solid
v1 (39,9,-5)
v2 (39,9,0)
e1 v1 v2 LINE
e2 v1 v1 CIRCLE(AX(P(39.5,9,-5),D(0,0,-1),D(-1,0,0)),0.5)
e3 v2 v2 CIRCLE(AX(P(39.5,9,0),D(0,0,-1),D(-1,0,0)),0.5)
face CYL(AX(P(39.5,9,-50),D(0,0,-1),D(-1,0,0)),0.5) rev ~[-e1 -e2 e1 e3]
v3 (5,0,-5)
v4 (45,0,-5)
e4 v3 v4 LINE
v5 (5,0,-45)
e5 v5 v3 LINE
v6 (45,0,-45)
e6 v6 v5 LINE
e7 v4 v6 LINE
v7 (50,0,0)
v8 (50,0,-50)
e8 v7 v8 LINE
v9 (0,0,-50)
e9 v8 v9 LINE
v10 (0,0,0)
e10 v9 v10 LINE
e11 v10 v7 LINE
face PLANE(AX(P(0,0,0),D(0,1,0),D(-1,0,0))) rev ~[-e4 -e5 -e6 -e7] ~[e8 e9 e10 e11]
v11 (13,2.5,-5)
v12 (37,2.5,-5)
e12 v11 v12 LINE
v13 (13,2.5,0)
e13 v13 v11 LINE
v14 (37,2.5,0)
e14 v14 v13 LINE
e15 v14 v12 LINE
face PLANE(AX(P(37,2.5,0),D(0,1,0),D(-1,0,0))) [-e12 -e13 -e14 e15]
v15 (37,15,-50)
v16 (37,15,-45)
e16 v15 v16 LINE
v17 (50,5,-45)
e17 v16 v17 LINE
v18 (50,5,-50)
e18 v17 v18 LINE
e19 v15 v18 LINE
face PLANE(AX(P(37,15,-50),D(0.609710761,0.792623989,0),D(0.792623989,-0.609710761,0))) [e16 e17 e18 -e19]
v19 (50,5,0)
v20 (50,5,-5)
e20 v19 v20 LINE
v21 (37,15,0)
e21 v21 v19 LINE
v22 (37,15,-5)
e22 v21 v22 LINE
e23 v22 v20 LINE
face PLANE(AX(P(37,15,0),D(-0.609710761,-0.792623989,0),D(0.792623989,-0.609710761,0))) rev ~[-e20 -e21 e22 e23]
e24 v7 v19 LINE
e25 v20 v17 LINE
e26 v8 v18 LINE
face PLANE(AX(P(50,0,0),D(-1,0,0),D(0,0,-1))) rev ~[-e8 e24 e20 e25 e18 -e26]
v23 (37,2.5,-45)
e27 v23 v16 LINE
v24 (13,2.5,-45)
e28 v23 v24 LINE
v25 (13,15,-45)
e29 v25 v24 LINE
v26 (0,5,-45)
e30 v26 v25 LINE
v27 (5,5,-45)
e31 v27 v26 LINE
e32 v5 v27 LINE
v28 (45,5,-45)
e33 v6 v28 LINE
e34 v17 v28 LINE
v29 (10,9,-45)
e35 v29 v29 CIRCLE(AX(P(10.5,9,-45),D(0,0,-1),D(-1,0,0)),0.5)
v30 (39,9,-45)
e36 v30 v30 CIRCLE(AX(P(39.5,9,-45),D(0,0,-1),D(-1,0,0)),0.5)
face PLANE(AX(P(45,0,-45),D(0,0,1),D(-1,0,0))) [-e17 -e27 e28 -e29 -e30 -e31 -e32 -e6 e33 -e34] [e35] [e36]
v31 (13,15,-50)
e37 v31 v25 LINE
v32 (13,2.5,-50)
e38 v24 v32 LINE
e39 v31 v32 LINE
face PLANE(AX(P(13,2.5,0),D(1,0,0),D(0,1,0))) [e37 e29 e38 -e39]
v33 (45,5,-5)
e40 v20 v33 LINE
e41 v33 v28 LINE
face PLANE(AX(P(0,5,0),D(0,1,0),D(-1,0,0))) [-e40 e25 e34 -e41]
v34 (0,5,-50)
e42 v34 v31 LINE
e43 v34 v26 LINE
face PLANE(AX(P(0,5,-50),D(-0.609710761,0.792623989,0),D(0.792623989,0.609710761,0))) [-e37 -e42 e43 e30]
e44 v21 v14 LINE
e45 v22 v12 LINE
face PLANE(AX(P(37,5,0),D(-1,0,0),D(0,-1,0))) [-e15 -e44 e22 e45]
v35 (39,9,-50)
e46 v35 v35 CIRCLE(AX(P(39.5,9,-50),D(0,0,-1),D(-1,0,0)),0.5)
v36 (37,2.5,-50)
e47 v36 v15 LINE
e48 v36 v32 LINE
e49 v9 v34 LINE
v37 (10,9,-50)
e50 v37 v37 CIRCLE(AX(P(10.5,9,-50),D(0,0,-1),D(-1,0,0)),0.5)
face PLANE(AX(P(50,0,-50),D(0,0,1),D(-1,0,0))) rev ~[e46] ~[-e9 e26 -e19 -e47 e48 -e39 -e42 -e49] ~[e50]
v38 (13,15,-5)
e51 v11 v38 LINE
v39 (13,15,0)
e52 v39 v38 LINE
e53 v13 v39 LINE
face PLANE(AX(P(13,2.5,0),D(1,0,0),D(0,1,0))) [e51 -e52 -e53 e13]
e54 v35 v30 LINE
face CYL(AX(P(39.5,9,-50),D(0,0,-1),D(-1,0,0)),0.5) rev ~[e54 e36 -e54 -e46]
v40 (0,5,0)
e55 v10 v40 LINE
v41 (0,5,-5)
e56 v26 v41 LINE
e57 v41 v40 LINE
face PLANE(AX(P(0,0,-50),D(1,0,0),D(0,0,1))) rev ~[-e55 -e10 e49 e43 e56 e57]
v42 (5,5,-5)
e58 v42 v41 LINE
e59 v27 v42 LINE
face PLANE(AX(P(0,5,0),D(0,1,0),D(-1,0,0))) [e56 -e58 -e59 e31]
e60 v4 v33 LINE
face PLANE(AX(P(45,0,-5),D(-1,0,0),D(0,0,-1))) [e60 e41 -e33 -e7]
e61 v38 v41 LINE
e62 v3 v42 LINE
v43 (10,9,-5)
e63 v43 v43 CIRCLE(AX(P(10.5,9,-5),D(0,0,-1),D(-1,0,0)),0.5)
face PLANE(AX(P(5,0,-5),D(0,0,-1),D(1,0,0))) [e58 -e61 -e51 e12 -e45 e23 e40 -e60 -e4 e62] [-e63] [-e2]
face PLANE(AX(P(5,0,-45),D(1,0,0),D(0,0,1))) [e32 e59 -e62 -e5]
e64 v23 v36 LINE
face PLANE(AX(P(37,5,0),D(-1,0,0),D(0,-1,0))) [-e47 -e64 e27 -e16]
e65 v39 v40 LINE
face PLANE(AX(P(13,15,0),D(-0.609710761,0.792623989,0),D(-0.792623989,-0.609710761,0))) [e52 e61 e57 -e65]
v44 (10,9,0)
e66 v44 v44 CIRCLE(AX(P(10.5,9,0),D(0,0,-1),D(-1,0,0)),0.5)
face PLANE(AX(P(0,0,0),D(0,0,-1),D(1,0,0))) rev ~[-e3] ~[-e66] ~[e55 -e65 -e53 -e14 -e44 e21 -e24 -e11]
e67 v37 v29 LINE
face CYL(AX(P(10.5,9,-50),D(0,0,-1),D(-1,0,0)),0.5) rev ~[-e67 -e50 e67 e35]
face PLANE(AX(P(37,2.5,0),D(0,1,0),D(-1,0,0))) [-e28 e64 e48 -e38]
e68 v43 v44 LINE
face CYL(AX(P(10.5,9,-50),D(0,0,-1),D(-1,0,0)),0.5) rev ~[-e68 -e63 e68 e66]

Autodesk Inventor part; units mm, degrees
ref_plane "YZ Plane" through (0, 0, 0) normal (1, 0, 0) x (0, 1, 0)
ref_plane "XZ Plane" through (0, 0, 0) normal (0, 1, 0) x (-1, 0, 0)
ref_plane "XY Plane" through (0, 0, 0) normal (0, 0, 1) x (1, 0, 0)
sketch "Sketch1" plane through (0, 0, 0) normal (0, 1, 0) x (-1, 0, 0)
  line L0 (0, 0) -> (-50, 0)
  line L1 (-50, 0) -> (-50, -50)
  line L2 (-50, -50) -> (0, -50)
  line L3 (0, -50) -> (0, 0)
  line L4 (-5, -5) -> (-45, -5)
  line L5 (-45, -5) -> (-45, -45)
  line L6 (-45, -45) -> (-5, -45)
  line L7 (-5, -45) -> (-5, -5)
  dimension "d0" = 50
  dimension "d1" = 50
  dimension "d2" = 5
extrude "Extrusion1" add sketch "Sketch1" along normal blind 5
sketch "Sketch2" plane through (0, 0, 0) normal (0, 0, 1) x (1, 0, 0)
  line L0 (0, 5) -> (50, 5) projected
  line L1 (13, 5) -> (37, 5)
  line L2 (37, 5) -> (37, 2.5)
  line L3 (37, 2.5) -> (13, 2.5)
  line L4 (13, 2.5) -> (13, 5)
  line L5 (0, 0) -> (50, 0) projected
  line L6 (0, 0) -> (0, 5) projected
  dimension "d5" = 24
  dimension "d6" = 2.5
  dimension "d7" = 13
extrude "Extrusion2" cut sketch "Sketch2" against normal through all
sketch "Sketch3" plane through (0, 0, 0) normal (0, 0, 1) x (1, 0, 0)
  line L0 (13, 2.5) -> (13, 5) projected
  line L1 (13, 5) -> (13, 15)
  line L2 (13, 5) -> (0, 5) projected
  line L3 (13, 15) -> (0, 5)
  line L4 (37, 5) -> (37, 2.5) projected
  line L5 (37, 5) -> (37, 15)
  line L6 (50, 5) -> (37, 5) projected
  line L7 (37, 15) -> (50, 5)
  point P0 (0, 0)
  dimension "d10" = 10
  dimension "d11" = 10
extrude "Extrusion3" add sketch "Sketch3" against normal blind 5
sketch "Sketch4" plane through (50, 0, -50) normal (0, 0, -1) x (-1, 0, 0)
  line L0 (50, 5) -> (37, 15) projected
  line L1 (37, 15) -> (37, 2.5) projected
  line L2 (13, 15) -> (0, 5) projected
  line L3 (13, 2.5) -> (13, 15) projected
  line L4 (0, 5) -> (13, 15)
  line L5 (13, 5) -> (5, 5) projected
  line L6 (13, 15) -> (13, 5)
  line L7 (0, 5) -> (13, 5) projected
  line L8 (13, 5) -> (0, 5)
  line L9 (50, 5) -> (45, 5) projected
  line L10 (50, 5) -> (37, 15)
  line L11 (45, 5) -> (37, 5) projected
  line L12 (37, 15) -> (37, 5)
  line L13 (37, 5) -> (50, 5)
  point P0 (50, 0)
extrude "Extrusion4" add sketch "Sketch4" against normal blind 5
sketch "Sketch5" plane through (50, 0, -50) normal (0, 0, -1) x (-1, 0, 0)
  circle A0 centre (39.5, 9) radius 0.5
  circle A1 centre (10.5, 9) radius 0.5
  line L0 (37, 2.5) -> (13, 2.5) projected
  line L1 (37, 15) -> (37, 2.5) projected
  line L2 (13, 2.5) -> (13, 15) projected
  point P0 (50, 0)
  dimension "d16" = 6.5
  dimension "d17" = 6.5
  dimension "d18" = 1
  dimension "d19" = 1
  dimension "d20" = 2.5
  dimension "d21" = 2.5
sketch "Sketch6" plane through (50, 0, -50) normal (0, 0, -1) x (-1, 0, 0)
  point P0 (50, 0)
extrude "Extrusion5" cut sketch "Sketch5" against normal through all
properties part number "MotorMountForPrograming"
